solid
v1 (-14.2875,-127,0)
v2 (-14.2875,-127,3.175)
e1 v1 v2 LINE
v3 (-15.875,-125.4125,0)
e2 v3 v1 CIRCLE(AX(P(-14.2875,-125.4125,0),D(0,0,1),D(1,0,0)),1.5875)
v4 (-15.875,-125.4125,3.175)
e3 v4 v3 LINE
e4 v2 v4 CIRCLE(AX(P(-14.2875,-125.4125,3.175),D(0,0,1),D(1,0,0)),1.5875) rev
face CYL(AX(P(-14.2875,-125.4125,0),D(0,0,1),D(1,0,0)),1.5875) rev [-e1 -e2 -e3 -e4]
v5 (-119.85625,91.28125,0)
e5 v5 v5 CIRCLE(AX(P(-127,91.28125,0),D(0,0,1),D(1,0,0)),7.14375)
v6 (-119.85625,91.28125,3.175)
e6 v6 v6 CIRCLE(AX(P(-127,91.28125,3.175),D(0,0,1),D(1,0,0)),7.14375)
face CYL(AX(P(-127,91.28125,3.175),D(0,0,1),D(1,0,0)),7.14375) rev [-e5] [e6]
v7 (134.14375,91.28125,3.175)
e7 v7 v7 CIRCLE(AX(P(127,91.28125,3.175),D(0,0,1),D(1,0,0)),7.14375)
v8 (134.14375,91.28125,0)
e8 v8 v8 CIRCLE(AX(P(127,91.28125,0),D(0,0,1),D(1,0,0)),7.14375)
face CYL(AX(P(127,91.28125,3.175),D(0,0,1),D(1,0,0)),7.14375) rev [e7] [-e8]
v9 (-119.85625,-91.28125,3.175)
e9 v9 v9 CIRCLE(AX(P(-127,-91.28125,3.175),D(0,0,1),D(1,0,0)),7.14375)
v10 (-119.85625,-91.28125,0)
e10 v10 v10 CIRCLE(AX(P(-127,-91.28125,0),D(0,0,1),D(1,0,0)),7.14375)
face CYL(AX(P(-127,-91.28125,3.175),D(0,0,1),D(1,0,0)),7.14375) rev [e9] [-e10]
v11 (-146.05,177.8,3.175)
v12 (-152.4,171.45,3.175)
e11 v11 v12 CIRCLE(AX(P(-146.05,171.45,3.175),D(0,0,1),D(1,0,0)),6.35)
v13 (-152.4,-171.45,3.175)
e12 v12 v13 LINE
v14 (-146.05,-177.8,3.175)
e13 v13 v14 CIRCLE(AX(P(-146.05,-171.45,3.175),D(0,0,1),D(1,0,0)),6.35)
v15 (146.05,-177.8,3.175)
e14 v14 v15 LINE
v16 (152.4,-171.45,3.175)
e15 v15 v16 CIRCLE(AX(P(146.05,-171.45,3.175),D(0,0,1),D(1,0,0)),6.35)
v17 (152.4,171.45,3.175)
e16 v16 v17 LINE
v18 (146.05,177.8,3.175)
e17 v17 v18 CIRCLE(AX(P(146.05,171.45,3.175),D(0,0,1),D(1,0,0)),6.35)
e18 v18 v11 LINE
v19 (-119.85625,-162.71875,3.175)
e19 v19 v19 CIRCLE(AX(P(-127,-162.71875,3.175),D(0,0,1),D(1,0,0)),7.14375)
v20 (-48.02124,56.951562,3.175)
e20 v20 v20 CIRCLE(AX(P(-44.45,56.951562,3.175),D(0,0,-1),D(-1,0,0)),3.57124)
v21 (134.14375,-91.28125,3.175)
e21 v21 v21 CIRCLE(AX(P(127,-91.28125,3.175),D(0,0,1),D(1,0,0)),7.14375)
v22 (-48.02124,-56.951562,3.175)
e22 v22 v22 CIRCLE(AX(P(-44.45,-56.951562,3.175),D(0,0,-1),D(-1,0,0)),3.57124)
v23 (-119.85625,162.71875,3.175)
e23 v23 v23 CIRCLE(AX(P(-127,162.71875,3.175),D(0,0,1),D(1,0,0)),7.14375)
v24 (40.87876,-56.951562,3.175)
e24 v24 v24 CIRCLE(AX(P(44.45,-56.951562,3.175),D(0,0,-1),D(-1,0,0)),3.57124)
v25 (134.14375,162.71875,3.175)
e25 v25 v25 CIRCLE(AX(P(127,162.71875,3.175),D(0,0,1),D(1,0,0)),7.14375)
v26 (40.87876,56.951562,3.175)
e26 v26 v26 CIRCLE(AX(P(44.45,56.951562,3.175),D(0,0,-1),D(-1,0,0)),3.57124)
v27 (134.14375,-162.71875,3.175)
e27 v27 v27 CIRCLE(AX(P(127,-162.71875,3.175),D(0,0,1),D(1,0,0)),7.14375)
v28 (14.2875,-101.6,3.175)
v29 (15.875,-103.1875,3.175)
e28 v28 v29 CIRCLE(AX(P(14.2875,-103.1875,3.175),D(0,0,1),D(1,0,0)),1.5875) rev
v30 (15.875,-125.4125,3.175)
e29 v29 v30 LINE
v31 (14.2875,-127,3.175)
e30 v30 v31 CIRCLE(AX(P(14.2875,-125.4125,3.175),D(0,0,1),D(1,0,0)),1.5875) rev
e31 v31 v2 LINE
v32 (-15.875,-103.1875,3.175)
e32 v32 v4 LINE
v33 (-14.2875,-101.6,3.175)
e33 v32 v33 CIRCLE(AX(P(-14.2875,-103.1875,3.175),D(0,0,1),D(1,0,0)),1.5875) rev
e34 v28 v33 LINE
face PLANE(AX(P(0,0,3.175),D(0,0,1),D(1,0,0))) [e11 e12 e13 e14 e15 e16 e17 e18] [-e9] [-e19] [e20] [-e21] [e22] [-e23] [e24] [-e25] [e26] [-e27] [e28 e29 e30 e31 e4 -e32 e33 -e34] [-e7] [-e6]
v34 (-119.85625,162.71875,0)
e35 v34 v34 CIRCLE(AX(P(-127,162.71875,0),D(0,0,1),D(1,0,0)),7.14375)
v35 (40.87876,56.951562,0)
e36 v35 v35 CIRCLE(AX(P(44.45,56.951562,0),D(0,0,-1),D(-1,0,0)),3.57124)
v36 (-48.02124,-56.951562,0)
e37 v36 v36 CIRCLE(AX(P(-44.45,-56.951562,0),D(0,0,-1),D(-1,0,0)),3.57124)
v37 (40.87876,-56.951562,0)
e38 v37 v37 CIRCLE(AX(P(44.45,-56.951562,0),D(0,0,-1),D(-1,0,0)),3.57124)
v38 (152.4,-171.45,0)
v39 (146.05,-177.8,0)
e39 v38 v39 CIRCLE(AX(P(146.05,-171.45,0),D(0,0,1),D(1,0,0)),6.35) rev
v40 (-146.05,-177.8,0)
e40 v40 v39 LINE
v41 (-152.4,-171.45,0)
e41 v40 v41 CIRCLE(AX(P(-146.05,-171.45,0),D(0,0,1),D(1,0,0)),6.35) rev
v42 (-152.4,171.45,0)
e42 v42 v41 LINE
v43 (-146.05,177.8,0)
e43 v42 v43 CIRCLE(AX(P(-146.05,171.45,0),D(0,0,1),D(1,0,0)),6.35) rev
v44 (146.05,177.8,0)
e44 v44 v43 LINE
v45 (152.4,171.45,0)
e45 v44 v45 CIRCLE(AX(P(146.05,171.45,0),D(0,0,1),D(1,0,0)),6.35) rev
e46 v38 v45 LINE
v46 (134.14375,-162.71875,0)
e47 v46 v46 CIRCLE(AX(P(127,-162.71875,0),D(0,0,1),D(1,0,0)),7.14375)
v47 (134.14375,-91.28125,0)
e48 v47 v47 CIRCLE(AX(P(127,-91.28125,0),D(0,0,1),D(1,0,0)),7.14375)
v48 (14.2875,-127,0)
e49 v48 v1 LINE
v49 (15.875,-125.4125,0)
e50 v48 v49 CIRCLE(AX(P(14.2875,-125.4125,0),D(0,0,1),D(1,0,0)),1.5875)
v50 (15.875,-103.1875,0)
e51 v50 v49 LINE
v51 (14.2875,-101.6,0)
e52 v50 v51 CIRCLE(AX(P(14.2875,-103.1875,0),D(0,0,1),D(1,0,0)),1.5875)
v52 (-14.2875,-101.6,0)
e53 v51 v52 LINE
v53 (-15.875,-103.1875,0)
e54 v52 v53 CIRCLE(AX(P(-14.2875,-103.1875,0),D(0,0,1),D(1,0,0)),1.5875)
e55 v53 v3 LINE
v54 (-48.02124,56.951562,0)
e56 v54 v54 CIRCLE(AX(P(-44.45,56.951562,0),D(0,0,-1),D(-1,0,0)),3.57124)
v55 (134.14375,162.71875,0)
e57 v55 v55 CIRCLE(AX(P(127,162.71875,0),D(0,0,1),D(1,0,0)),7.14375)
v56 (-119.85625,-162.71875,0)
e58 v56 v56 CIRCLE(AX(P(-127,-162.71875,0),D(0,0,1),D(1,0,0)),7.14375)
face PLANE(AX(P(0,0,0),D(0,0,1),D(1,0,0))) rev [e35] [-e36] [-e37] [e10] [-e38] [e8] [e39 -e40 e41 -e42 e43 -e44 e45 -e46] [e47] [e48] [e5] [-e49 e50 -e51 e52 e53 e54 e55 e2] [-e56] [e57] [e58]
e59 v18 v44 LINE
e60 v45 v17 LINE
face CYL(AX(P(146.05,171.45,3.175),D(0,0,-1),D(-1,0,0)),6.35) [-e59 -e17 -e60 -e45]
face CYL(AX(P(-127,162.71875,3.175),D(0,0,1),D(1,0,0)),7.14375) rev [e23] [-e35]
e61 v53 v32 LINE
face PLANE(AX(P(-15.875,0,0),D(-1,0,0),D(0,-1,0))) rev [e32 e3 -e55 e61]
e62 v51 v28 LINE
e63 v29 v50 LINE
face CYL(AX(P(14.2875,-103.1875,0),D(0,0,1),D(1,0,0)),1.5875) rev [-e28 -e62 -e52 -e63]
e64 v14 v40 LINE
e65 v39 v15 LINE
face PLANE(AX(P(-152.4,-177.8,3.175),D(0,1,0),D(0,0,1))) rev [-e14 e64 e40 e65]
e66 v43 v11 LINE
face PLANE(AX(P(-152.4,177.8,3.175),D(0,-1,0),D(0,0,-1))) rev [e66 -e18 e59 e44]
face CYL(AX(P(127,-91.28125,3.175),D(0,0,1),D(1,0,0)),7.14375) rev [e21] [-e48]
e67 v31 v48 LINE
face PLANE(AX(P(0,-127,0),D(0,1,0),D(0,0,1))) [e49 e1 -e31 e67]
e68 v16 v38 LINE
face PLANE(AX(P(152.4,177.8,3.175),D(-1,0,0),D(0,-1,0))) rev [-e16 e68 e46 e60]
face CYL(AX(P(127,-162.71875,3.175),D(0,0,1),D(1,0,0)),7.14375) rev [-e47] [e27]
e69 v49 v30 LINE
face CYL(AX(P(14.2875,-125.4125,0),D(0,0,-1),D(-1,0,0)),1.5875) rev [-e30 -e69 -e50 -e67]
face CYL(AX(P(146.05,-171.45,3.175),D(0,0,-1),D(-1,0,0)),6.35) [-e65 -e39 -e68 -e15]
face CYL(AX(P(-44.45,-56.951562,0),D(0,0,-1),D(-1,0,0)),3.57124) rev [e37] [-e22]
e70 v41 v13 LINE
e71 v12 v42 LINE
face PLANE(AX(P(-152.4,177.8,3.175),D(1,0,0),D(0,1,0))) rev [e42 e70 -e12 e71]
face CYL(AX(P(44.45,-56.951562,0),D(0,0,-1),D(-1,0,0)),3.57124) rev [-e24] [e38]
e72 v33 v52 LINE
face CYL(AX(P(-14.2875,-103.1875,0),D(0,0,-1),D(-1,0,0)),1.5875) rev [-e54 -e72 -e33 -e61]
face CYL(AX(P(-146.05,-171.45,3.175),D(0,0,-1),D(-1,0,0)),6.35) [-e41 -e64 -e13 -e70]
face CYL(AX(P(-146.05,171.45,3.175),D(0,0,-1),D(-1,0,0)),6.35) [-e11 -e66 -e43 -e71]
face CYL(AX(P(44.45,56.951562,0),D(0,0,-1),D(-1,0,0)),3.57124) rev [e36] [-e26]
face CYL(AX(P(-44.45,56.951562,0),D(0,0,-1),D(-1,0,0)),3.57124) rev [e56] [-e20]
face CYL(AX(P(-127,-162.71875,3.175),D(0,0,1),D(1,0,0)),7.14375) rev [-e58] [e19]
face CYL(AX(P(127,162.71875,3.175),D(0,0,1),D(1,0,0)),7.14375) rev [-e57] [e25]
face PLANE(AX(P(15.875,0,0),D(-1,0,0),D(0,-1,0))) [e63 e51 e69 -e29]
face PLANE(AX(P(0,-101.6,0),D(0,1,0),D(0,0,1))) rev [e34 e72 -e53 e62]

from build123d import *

# Parameters (mm, degrees)
SKETCH1_W                      = 304.8
SKETCH1_H                      = 355.6
BOSS_EXTRUDE1_DEPTH            = 3.175
F_9_16_0_5625_DIAMETER_HOLE1_D = 14.2875
FILLET1_R                      = 6.35
F_1_4_CLEARANCE_HOLE1_D        = 7.14248
SKETCH2_W                      = 31.75
SKETCH2_H                      = 25.4
CUT_EXTRUDE1_DEPTH             = 4.175
FILLET2_R                      = 1.5875


with BuildPart() as part:
    # Sketch1 → Boss-Extrude1 (new body)
    with BuildSketch(Plane.XY):
        Rectangle(SKETCH1_W, SKETCH1_H)
    extrude(amount=BOSS_EXTRUDE1_DEPTH)

    # 9/16 (0.5625) Diameter Hole1 (through all)
    with Locations(Plane.XY.offset(3.175)):
        with Locations((-127, 162.71875), (-127, 91.28125), (-127, -91.28125), (-127, -162.71875), (127, -162.71875), (127, -91.28125), (127, 91.28125), (127, 162.71875)):
            Hole(F_9_16_0_5625_DIAMETER_HOLE1_D / 2)

    # Fillet1
    fillet1_edges = [part.edges().sort_by_distance(p)[0] for p in [
        (152.4, -177.8, 1.5875),
        (-152.4, -177.8, 1.5875),
        (-152.4, 177.8, 1.5875),
        (152.4, 177.8, 1.5875),
    ]]
    fillet(fillet1_edges, radius=FILLET1_R)

    # 1/4 Clearance Hole1 (through all)
    with Locations(Plane(origin=(0, 0, 0), x_dir=(-1, 0, 0), z_dir=(0, 0, -1))):
        with Locations((-44.45, 56.9515625), (-44.45, -56.9515625), (44.45, 56.9515625), (44.45, -56.9515625)):
            Hole(F_1_4_CLEARANCE_HOLE1_D / 2)

    # Sketch2 → Cut-Extrude1 (cut, through all)
    with BuildSketch(Plane.XY.offset(3.175)):
        with Locations((0, -114.3)):
            Rectangle(SKETCH2_W, SKETCH2_H)
    extrude(amount=-CUT_EXTRUDE1_DEPTH, mode=Mode.SUBTRACT)

    # Fillet2
    fillet2_edges = [part.edges().sort_by_distance(p)[0] for p in [
        (-15.875, -101.6, 1.5875),
        (15.875, -101.6, 1.5875),
        (15.875, -127, 1.5875),
        (-15.875, -127, 1.5875),
    ]]
    fillet(fillet2_edges, radius=FILLET2_R)


solid = part.part
